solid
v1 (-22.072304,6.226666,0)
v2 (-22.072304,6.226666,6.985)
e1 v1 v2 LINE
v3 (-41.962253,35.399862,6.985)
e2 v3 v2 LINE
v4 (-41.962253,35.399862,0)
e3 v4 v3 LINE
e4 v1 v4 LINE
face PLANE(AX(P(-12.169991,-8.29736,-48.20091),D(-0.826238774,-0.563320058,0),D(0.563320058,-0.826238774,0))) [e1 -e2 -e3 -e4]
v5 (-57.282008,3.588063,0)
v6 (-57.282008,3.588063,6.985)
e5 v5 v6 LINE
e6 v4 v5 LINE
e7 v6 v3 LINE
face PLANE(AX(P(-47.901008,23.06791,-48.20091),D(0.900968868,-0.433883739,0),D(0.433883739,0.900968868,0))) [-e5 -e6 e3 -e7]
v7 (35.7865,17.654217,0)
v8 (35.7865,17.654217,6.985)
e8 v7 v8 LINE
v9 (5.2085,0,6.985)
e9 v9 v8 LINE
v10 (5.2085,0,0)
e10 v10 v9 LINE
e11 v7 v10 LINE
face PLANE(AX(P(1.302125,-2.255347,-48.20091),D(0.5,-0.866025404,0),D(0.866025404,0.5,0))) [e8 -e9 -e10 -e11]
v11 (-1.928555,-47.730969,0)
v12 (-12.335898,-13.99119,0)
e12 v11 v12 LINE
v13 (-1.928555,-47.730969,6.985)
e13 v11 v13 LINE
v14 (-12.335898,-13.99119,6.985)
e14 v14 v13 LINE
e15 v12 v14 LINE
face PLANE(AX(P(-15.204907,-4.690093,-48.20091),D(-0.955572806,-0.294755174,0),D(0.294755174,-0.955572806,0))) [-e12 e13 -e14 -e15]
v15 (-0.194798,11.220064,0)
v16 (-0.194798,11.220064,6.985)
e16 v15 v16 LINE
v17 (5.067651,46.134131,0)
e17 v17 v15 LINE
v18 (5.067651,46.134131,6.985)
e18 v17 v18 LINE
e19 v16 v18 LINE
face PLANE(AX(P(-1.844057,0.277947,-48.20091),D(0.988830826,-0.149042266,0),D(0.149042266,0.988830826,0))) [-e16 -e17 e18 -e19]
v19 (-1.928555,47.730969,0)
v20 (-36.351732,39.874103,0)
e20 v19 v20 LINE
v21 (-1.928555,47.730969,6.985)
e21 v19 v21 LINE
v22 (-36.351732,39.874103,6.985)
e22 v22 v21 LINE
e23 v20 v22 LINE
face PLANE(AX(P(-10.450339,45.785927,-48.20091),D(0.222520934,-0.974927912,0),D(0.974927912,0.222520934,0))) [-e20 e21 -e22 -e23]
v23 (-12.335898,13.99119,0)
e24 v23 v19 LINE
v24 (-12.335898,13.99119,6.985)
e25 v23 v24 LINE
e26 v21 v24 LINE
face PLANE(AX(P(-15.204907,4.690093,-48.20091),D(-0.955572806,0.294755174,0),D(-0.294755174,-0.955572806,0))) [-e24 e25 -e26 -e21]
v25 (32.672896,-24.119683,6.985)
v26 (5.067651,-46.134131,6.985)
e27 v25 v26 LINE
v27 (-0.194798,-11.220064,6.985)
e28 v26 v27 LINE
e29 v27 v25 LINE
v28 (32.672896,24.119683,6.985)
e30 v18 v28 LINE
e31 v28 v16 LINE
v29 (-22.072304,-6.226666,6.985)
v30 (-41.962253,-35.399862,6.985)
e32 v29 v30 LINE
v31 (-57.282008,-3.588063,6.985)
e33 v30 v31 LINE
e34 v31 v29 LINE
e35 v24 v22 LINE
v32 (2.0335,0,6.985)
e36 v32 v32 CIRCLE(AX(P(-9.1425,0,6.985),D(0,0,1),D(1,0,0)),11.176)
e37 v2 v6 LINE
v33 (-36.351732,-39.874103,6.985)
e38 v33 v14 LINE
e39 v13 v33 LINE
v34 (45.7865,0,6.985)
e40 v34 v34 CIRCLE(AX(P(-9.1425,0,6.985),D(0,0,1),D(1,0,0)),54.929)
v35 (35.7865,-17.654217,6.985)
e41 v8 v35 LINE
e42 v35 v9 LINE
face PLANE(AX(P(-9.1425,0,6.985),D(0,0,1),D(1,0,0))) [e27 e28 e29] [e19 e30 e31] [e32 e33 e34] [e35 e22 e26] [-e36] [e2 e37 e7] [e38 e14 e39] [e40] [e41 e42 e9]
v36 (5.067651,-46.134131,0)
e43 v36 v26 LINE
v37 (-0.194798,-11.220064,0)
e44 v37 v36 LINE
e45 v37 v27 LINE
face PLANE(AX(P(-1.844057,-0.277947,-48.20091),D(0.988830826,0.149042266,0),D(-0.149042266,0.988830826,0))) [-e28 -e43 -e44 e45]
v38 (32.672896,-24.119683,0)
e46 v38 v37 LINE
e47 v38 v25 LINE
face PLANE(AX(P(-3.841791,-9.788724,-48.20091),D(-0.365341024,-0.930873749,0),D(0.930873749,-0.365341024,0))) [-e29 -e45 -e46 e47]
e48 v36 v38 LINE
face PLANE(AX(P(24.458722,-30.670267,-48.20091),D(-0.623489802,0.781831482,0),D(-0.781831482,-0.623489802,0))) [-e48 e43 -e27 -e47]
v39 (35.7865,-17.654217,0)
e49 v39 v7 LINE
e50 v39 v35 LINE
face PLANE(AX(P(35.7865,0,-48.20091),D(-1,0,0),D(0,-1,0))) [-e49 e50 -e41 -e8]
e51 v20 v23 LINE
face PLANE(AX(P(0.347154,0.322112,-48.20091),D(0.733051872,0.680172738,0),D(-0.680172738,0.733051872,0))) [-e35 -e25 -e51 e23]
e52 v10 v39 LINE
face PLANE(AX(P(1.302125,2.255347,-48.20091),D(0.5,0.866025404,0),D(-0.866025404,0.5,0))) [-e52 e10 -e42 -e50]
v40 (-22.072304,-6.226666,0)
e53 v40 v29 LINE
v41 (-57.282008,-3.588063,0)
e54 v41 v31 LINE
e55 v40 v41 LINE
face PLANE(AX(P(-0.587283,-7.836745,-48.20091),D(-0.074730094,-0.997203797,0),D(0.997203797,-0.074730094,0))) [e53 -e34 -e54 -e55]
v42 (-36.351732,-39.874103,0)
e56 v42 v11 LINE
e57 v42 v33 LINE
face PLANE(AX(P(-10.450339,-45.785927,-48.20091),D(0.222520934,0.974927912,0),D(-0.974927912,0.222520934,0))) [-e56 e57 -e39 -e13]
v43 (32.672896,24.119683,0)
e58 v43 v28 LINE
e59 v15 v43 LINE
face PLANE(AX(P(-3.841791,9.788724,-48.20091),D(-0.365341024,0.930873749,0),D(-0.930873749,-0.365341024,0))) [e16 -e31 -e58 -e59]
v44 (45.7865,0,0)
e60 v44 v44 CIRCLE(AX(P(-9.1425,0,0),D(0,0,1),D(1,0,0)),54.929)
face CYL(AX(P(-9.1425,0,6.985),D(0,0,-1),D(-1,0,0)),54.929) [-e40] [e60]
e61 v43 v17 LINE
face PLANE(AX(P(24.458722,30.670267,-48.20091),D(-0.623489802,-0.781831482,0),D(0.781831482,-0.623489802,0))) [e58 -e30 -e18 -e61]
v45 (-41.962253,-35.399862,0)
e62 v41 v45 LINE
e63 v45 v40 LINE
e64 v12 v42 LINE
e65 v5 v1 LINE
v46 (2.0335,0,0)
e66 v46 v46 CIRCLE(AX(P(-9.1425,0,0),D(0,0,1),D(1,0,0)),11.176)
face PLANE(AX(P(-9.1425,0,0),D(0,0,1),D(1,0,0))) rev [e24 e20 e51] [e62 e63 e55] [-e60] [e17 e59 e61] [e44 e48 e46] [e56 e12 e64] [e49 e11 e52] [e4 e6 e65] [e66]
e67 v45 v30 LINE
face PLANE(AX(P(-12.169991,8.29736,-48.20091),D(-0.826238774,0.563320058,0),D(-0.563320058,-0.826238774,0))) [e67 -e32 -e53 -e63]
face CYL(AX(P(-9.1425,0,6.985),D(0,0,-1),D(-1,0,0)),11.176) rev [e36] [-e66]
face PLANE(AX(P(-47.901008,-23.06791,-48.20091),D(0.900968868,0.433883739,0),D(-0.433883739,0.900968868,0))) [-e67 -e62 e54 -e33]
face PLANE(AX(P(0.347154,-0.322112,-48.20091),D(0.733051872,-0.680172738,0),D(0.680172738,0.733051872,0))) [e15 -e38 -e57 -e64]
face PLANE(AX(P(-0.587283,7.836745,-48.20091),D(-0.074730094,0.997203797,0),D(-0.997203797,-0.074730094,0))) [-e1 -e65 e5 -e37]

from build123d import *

# Parameters (mm, degrees)
SKETCH1_R           = 54.929
SKETCH1_R_2         = 11.176
BOSS_EXTRUDE1_DEPTH = 6.985
CUT_EXTRUDE1_DEPTH  = 6.985


with BuildPart() as part:
    # Sketch1 → Boss-Extrude1 (new body)
    with BuildSketch(Plane.XY):
        with Locations((-9.1425, 0)):
            Circle(SKETCH1_R)
        with Locations((-9.1425, 0)):
            Circle(SKETCH1_R_2, mode=Mode.SUBTRACT)
    extrude(amount=BOSS_EXTRUDE1_DEPTH)

    # Sketch2 → Cut-Extrude1 (cut)
    with BuildSketch(Plane.XY.offset(6.985)):
        Polygon((35.7865, -17.654216531), (5.2085, 0), (35.7865, 17.654216531), align=None)
        Polygon((5.067651025, -46.134130643), (-0.194797854, -11.220063605), (32.67289559, -24.119682709), align=None)
        Polygon((-36.351731506, -39.874103416), (-12.335897923, -13.991190468), (-1.928554578, -47.730968917), align=None)
        Polygon((-57.282007746, -3.588063033), (-22.072304223, -6.22666554), (-41.962252786, -35.399861997), align=None)
        Polygon((-41.962252786, 35.399861997), (-22.072304223, 6.22666554), (-57.282007746, 3.588063033), align=None)
        Polygon((-1.928554578, 47.730968917), (-12.335897923, 13.991190468), (-36.351731506, 39.874103416), align=None)
        Polygon((32.67289559, 24.119682709), (-0.194797854, 11.220063605), (5.067651025, 46.134130643), align=None)
    extrude(amount=-CUT_EXTRUDE1_DEPTH, mode=Mode.SUBTRACT)


solid = part.part
